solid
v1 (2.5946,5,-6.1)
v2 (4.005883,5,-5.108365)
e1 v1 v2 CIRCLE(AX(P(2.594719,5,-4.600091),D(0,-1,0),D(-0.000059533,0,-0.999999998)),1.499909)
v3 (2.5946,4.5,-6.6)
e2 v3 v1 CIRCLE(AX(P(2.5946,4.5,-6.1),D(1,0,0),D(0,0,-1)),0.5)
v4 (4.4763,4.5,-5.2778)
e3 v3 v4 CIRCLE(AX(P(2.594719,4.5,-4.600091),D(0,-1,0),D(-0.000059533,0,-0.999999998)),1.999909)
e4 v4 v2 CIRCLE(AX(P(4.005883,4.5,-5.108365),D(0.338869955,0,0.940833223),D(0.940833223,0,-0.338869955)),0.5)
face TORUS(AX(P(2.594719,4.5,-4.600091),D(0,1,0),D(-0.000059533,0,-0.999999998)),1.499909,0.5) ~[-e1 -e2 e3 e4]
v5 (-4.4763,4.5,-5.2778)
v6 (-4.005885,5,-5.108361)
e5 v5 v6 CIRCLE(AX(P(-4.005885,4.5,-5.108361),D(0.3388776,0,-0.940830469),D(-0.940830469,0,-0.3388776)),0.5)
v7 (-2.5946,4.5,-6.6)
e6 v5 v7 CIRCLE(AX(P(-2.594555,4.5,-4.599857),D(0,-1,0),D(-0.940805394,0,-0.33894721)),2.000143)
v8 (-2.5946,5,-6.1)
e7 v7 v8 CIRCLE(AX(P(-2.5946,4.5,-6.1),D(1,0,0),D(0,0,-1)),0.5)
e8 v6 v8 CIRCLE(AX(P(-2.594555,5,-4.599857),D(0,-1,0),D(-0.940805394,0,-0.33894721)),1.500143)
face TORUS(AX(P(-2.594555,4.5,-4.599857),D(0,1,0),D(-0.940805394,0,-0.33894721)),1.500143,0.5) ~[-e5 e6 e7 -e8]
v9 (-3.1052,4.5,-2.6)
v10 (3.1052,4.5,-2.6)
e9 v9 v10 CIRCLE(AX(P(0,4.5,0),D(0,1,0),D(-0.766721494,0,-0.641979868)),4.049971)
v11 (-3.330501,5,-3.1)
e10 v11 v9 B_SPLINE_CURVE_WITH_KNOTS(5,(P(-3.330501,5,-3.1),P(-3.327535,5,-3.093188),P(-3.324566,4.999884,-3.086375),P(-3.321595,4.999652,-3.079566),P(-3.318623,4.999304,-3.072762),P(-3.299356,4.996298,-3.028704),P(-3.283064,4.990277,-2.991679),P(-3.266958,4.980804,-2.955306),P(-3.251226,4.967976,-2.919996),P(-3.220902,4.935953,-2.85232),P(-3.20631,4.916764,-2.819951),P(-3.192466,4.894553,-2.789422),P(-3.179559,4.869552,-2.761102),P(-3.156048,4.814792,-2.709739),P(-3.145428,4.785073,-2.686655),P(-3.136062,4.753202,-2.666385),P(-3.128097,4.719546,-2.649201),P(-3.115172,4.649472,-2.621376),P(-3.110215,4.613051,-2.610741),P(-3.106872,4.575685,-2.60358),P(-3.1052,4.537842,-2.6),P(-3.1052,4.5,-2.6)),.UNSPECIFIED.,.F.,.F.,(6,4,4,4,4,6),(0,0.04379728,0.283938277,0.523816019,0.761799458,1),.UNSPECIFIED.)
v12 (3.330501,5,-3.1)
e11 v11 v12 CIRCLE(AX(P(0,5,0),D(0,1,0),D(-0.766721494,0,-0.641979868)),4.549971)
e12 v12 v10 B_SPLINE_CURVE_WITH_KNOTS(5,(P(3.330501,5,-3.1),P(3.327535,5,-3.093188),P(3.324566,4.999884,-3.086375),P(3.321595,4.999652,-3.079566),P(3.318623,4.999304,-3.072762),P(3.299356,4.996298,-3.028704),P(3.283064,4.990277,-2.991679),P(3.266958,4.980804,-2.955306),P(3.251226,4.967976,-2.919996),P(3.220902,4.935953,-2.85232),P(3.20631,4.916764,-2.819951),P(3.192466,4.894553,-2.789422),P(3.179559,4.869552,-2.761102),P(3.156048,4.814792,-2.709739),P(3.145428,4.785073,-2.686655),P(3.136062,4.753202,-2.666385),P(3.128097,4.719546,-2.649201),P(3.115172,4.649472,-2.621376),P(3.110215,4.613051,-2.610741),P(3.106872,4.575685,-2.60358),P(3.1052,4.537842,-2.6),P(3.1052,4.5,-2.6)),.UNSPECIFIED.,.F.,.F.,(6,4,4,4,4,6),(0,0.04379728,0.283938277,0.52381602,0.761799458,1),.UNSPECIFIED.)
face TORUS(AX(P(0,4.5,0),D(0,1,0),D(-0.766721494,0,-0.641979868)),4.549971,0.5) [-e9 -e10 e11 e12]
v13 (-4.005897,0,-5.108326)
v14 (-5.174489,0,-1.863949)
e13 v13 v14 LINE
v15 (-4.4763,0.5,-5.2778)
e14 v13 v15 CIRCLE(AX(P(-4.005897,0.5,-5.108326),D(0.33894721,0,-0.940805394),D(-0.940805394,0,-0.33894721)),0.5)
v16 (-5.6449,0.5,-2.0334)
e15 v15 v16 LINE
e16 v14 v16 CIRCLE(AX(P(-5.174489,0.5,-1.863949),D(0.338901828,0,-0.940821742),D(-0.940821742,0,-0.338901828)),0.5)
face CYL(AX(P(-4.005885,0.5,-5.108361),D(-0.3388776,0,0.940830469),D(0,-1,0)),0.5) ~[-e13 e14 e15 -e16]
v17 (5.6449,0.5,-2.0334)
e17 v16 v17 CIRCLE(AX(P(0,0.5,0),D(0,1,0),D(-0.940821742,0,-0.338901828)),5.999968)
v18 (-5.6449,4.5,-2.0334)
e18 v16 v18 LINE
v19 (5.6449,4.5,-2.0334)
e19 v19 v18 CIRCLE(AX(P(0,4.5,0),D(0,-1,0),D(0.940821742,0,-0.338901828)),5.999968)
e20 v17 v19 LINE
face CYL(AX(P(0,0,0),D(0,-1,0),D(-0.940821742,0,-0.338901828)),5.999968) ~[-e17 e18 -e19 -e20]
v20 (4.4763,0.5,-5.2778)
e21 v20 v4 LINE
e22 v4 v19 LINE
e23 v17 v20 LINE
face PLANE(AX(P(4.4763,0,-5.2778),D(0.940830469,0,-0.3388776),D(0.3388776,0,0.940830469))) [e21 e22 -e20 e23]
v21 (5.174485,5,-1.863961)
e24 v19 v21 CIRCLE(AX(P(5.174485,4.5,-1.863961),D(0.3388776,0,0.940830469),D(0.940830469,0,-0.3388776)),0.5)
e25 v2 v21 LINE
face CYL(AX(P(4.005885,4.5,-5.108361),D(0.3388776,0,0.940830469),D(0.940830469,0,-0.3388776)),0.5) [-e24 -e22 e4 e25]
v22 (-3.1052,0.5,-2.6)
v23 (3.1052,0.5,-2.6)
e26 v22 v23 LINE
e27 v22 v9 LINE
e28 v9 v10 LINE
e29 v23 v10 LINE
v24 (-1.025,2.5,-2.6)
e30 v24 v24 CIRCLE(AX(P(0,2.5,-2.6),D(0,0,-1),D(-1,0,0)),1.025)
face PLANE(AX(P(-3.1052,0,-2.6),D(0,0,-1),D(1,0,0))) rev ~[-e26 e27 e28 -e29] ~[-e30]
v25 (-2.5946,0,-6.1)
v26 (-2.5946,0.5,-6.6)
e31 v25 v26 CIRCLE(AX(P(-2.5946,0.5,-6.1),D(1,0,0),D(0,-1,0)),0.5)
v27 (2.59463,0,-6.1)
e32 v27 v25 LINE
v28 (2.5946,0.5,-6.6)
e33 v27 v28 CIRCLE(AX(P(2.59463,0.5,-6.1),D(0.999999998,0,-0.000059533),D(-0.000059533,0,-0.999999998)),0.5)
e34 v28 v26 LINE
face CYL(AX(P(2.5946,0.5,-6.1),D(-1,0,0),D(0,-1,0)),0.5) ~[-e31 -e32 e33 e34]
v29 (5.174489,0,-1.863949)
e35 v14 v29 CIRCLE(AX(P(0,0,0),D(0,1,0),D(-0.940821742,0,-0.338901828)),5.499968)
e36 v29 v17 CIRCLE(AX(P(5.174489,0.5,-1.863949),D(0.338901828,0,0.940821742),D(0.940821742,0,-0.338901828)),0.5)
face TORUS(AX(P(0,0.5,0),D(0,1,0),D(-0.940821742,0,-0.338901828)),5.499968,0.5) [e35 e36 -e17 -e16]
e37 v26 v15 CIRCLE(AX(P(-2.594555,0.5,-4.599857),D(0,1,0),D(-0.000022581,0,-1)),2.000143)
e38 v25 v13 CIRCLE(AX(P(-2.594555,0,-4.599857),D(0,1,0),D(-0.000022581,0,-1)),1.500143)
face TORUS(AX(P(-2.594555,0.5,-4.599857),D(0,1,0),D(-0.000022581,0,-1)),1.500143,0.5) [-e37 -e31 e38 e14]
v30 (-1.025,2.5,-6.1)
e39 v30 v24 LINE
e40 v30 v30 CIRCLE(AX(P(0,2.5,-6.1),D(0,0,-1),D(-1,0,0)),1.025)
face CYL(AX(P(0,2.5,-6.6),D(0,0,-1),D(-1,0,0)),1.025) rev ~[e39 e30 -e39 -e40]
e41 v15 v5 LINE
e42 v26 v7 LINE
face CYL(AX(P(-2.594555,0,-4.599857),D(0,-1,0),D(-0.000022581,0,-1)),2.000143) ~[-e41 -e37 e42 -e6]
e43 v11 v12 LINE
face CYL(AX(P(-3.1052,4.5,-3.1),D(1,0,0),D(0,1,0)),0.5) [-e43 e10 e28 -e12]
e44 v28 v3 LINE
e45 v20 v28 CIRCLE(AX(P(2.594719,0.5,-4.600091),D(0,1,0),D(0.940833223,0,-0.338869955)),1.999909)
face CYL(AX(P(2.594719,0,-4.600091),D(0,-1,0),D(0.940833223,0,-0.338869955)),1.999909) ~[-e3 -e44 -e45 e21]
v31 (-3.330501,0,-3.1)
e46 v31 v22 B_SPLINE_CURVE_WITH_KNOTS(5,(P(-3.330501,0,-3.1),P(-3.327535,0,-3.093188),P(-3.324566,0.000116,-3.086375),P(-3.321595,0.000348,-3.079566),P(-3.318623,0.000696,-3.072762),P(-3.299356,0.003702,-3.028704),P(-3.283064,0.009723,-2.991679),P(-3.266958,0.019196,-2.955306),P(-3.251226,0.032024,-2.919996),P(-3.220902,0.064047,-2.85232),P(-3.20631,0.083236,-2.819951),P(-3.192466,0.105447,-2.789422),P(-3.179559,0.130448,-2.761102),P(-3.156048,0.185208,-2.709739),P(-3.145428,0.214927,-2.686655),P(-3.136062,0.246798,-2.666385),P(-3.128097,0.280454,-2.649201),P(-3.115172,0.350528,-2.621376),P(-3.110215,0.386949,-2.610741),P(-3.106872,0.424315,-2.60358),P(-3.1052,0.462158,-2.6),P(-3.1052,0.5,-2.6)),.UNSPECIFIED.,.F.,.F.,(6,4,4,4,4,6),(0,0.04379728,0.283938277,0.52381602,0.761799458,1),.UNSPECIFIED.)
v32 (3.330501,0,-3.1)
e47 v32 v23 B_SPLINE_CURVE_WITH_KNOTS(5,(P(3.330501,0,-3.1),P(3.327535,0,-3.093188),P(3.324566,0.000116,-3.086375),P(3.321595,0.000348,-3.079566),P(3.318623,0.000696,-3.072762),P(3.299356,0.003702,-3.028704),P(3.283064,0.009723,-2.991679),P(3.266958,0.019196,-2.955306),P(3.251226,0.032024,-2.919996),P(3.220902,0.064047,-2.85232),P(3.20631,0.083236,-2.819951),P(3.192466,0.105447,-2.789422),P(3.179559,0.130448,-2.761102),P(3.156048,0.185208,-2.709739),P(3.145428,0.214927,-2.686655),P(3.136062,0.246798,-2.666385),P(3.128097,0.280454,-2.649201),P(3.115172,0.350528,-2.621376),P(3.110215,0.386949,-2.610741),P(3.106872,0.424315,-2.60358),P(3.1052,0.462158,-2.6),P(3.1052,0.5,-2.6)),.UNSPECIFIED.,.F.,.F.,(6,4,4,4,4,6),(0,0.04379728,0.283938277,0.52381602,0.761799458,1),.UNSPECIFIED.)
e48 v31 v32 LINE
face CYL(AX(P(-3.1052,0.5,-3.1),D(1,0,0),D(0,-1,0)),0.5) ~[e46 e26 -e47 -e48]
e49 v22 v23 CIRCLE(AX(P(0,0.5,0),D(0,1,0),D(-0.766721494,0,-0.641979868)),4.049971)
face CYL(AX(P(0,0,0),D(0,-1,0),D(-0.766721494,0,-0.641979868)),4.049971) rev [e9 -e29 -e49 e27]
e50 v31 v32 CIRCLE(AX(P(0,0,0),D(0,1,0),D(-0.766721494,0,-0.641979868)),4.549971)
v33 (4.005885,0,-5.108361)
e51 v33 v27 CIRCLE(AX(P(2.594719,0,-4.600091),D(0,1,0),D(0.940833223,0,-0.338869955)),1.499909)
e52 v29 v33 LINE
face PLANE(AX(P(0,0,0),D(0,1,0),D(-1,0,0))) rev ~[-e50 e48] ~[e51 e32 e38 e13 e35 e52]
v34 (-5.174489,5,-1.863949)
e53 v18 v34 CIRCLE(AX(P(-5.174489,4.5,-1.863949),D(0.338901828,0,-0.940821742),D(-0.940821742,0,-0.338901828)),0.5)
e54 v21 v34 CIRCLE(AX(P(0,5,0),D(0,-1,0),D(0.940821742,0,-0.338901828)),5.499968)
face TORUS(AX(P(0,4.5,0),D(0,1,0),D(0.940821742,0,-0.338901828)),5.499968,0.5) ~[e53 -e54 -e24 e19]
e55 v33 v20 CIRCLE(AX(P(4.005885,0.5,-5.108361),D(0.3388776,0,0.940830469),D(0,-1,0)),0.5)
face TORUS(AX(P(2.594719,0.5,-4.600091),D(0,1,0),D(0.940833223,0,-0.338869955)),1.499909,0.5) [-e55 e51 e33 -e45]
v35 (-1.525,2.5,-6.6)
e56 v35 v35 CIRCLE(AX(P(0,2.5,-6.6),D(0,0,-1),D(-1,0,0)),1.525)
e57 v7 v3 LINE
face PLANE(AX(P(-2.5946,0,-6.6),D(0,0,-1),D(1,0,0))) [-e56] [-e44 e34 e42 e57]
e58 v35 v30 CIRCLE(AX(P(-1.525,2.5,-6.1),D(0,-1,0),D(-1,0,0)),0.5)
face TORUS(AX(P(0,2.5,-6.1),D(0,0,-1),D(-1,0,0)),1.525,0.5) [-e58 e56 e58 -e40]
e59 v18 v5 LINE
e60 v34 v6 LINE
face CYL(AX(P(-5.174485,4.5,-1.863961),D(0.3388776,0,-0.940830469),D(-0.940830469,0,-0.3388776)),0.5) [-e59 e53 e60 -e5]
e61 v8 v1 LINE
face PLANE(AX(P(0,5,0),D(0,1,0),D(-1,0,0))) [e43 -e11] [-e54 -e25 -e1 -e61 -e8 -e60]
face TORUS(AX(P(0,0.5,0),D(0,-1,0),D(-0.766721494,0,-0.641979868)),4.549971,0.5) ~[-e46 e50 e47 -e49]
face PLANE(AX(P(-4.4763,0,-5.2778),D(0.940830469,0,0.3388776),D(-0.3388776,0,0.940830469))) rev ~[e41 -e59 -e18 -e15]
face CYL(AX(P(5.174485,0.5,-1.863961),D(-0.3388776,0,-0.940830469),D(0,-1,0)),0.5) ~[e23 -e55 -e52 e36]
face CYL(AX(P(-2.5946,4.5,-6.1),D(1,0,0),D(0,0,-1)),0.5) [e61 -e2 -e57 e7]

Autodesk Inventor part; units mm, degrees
ref_plane "YZ Plane" through (0, 0, 0) normal (1, 0, 0) x (0, 1, 0)
ref_plane "XZ Plane" through (0, 0, 0) normal (0, 1, 0) x (-1, 0, 0)
ref_plane "XY Plane" through (0, 0, 0) normal (0, 0, 1) x (1, 0, 0)
sketch "Sketch1" plane through (0, 0, 0) normal (0, 1, 0) x (-1, 0, 0)
  arc A0 (3.1052, -2.6) -> (-3.1052, -2.6) centre (0, 0) ccw
  line L0 (3.1052, -2.6) -> (-3.1052, -2.6)
  line L1 (0, 0) -> (0, -8.9628) construction
  line L2 (0, -4.05) -> (-4.05, -4.05) construction
  line L3 (-4.05, -4.05) -> (-4.05, 0) construction
  arc A1 (5.6449, -2.0334) -> (-5.6449, -2.0334) centre (0, 0) ccw
  arc A2 (0, -4.05) -> (3.1052, -2.6) centre (0, 0) ccw construction
  arc A3 (-3.1052, -2.6) -> (0, -4.05) centre (0, 0) ccw construction
  line L4 (2.5946, -6.6) -> (-2.5946, -6.6)
  line L5 (4.4763, -5.2778) -> (5.6449, -2.0334)
  line L6 (-4.4763, -5.2778) -> (-5.6449, -2.0334)
  arc A4 (2.5946, -6.6) -> (4.4763, -5.2778) centre (2.5946, -4.6) ccw
  arc A5 (-4.4763, -5.2778) -> (-2.5946, -6.6) centre (-2.5946, -4.6) ccw
  arc A6 (0, -6) -> (5.6449, -2.0334) centre (0, 0) ccw construction
  arc A7 (-5.6449, -2.0334) -> (0, -6) centre (0, 0) ccw construction
  point P0 (4, -6.6)
  point P1 (-4, -6.6)
  point P2 (0, -6.6)
  dimension "d0" = 8.1
  dimension "d1" = 2.6
  dimension "d2" = 12
  dimension "d3" = 4
  dimension "d4" = 8
  dimension "d5" = 2
extrude "Extrusion1" add sketch "Sketch1" along normal blind 5
sketch "Sketch2" plane through (2.5946, 0, -6.6) normal (0, 0, -1) x (-1, 0, 0)
  line L0 (0, 0) -> (5.1892, 0) projected
  line L1 (5.1892, 0) -> (5.1892, 5) projected
  line L2 (0, 5) -> (5.1892, 5) projected
  line L3 (0, 0) -> (0, 5) projected
  line L4 (5.1892, 2.5) -> (0, 2.5) construction
  line L5 (2.5946, 5) -> (2.5946, 0) construction
  circle A0 centre (2.5946, 2.5) radius 1.025
  dimension "d8" = 2.05
extrude "Extrusion2" cut sketch "Sketch2" against normal blind 5 contours A0
fillet "Fillet1" radius 0.5 1 edges at (1.025, 2.5, -6.6)
fillet "Fillet2" radius 0.5 16 edges at (0, 5, 4.05) (0, 0, 4.05) (0, 0, -2.6) (0, 5, -2.6) (0, 0, 6) (5.0606, 0, -3.6556) (3.7445, 0, -6.2364) (0, 0, -6.6) (-3.7445, 0, -6.2364) (-5.0606, 0, -3.6556) (0, 5, -6.6) (-3.7445, 5, -6.2364) (-5.0606, 5, -3.6556) (0, 5, 6) (5.0606, 5, -3.6556) (3.7445, 5, -6.2364)
properties part number "ShaftLock-8mm"
